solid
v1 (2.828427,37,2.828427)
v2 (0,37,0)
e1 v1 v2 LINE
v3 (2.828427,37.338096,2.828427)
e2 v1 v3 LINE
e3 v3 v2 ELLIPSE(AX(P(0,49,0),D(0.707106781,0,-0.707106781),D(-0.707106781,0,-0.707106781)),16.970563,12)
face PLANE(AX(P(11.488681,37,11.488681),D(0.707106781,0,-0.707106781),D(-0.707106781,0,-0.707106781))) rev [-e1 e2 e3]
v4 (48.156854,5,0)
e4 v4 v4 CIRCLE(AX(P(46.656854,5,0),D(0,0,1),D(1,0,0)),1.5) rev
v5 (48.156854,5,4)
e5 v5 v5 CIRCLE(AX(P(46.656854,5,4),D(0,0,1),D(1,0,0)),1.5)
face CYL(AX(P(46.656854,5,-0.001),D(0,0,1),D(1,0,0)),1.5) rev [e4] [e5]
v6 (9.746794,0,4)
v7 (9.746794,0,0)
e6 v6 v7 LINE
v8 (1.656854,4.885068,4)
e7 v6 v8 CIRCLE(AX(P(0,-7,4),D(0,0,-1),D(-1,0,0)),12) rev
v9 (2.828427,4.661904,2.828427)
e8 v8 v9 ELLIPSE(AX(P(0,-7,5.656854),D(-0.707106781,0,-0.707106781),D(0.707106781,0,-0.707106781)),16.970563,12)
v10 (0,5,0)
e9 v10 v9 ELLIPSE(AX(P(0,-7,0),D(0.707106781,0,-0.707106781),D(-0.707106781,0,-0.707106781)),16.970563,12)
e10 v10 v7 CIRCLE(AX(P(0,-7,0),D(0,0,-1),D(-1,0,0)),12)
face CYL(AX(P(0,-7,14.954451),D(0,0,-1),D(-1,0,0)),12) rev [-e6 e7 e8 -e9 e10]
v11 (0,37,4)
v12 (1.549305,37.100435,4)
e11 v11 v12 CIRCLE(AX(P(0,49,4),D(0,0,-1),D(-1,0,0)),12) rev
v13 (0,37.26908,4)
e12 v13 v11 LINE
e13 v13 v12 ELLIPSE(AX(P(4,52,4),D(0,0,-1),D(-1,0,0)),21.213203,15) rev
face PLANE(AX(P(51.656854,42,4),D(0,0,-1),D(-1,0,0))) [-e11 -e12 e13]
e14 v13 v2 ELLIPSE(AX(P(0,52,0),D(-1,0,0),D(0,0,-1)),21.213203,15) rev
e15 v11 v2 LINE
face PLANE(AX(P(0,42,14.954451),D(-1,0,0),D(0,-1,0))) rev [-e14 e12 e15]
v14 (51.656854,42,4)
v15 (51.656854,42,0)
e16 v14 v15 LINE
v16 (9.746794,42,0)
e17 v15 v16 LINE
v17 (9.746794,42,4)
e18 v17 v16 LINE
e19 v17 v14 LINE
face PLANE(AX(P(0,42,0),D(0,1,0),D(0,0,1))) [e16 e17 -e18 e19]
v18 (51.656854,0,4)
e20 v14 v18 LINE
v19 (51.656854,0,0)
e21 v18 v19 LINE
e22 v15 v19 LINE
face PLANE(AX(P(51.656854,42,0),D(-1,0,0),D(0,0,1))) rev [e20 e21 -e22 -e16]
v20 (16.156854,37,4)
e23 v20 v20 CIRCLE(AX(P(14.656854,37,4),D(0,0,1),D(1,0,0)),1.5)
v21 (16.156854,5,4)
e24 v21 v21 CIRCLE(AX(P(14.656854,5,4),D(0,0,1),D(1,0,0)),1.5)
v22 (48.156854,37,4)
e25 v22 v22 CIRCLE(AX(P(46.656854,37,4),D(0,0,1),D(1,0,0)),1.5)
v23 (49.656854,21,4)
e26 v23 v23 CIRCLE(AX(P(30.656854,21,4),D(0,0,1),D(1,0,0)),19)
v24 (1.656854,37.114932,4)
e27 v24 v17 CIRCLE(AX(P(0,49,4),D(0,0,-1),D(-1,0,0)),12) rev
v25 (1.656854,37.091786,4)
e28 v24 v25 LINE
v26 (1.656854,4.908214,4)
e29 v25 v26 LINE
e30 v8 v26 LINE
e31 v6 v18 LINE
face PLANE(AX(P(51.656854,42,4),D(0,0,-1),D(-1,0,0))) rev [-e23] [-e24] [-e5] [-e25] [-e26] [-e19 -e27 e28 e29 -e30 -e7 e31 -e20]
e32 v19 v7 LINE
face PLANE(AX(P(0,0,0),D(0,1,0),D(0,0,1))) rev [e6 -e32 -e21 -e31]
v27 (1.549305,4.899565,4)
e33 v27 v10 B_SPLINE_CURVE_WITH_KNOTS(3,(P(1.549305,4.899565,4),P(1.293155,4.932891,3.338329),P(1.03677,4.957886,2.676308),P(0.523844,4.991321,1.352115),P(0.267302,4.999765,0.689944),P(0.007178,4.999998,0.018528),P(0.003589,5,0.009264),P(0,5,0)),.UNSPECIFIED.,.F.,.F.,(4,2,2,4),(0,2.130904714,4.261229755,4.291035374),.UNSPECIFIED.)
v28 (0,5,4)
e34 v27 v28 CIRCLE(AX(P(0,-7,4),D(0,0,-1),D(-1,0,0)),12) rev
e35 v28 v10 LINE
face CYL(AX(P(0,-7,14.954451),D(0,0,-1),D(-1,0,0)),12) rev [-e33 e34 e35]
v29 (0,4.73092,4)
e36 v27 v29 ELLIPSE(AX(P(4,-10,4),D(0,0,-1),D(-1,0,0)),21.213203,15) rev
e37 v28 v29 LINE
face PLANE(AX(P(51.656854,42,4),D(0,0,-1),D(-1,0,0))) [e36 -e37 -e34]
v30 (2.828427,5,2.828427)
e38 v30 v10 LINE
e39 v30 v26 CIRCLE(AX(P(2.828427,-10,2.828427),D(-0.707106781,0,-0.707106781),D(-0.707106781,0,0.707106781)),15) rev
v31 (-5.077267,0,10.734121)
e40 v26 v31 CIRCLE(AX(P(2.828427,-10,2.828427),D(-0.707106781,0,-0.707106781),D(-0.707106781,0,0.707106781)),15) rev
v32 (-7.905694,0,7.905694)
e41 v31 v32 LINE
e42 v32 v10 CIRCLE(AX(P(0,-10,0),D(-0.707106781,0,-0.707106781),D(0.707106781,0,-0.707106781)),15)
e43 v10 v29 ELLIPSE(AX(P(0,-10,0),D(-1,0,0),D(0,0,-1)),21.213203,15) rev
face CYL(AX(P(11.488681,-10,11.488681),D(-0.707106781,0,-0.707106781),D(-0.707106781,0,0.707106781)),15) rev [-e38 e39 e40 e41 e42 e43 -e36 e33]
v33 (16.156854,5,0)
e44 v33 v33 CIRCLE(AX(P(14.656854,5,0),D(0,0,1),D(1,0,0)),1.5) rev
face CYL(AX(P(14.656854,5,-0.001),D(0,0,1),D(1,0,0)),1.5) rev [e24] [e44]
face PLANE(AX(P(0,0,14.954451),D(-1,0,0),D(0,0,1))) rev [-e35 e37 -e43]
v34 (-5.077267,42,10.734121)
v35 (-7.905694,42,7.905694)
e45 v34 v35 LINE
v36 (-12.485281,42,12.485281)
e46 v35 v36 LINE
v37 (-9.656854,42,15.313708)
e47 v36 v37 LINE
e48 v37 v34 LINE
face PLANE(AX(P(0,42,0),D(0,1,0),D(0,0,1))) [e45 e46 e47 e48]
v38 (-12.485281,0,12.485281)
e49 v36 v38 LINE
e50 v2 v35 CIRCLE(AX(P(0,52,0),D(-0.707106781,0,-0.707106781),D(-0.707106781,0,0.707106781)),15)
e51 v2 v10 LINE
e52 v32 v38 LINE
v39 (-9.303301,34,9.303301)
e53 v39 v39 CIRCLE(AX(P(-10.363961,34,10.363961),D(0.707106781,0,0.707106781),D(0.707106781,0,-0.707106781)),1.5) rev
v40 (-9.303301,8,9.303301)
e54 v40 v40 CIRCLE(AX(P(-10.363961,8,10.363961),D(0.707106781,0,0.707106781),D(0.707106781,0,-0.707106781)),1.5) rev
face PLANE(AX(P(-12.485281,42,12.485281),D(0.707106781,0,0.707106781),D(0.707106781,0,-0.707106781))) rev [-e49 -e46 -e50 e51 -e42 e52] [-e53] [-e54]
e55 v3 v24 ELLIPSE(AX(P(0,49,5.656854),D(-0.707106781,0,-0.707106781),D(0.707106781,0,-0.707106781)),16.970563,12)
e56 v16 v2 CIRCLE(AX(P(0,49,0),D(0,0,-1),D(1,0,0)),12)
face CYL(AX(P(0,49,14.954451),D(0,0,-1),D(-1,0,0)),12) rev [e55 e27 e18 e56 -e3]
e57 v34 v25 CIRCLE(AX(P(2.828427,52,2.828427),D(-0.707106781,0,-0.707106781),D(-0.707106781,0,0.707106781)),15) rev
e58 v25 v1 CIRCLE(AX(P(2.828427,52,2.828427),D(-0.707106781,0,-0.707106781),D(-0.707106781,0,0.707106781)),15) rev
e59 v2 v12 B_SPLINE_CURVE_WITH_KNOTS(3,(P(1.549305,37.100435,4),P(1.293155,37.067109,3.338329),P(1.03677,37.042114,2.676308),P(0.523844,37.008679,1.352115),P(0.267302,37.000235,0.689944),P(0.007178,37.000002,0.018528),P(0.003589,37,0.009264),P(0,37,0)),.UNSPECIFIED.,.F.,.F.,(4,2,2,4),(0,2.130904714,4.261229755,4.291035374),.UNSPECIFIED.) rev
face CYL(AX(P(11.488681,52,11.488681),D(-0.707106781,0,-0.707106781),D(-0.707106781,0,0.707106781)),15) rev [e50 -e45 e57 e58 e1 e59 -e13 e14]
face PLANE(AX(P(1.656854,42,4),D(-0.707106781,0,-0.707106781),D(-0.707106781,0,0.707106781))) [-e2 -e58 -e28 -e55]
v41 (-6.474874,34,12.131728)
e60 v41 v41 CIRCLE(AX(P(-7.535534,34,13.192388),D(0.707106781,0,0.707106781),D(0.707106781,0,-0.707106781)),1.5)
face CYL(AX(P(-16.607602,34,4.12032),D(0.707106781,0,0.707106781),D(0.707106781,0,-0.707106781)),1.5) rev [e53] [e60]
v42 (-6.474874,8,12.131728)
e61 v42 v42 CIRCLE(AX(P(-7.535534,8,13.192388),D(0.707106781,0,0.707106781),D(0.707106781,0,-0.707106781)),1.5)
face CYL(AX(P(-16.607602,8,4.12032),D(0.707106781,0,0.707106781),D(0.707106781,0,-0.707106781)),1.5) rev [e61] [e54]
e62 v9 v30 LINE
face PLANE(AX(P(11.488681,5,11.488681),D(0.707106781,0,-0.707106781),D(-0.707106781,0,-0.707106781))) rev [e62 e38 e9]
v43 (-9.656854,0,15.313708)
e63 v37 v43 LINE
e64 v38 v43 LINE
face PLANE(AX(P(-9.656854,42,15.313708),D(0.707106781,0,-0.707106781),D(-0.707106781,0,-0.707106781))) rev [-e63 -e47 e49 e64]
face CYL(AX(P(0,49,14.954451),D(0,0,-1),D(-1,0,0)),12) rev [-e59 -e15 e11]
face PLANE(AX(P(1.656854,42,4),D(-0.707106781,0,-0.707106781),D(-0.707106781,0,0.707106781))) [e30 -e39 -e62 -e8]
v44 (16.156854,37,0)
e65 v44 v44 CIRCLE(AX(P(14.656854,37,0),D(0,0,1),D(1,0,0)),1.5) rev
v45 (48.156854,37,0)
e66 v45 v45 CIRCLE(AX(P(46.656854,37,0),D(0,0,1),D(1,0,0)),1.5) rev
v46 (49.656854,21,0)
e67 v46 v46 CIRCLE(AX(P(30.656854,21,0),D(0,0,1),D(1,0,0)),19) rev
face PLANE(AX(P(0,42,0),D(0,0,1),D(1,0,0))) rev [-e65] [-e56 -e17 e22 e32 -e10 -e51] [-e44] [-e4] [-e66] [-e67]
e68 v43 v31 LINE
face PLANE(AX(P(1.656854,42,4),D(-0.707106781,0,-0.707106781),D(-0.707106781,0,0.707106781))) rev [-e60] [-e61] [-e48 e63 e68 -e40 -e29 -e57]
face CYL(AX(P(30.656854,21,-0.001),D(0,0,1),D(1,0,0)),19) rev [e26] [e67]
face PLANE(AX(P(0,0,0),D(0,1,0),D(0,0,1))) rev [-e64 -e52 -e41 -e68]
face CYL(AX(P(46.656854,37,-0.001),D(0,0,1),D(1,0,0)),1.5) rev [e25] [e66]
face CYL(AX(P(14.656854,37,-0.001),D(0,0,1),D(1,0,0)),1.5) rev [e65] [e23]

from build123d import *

# Parameters (mm, degrees)
BOSS_EXTRUDE1_DEPTH = 42
CUT_EXTRUDE1_REACH  = 14.828
SKETCH2_R           = 1.5
CUT_EXTRUDE2_REACH  = 6
SKETCH3_R           = 1.5
SKETCH3_R_2         = 19
CUT_EXTRUDE3_DEPTH  = 4
CUT_EXTRUDE4_DEPTH  = 4


with BuildPart() as part:
    # Sketch1 → Boss-Extrude1 (new body)
    with BuildSketch(Plane(origin=(0, 0, 0), x_dir=(1, 0, 0), z_dir=(0, 1, 0))):
        Polygon((0, 0), (51.656854249, 0), (51.656854249, -4), (1.656854249, -4), (-9.656854249, -15.313708499), (-12.485281374, -12.485281374), align=None)
    extrude(amount=BOSS_EXTRUDE1_DEPTH)

    # Sketch2 → Cut-Extrude1 (cut, up to next)
    with BuildSketch(Plane(origin=(2.828427125, 0, 2.828427125), x_dir=(0.707106781, 0, -0.707106781), z_dir=(0.707106781, 0, 0.707106781)), mode=Mode.PRIVATE) as cut_extrude1_sk1:
        with Locations((-14.656854249, 34)):
            Circle(SKETCH2_R)
    cut_extrude1_tool1 = extrude(cut_extrude1_sk1.sketch, amount=-CUT_EXTRUDE1_REACH, mode=Mode.PRIVATE) & part.part
    add(cut_extrude1_tool1.solids().sort_by_distance((-7.535534, 34, 13.192388))[0], mode=Mode.SUBTRACT)
    # Sketch2 → Cut-Extrude1 (cut, up to next)
    with BuildSketch(Plane(origin=(2.828427125, 0, 2.828427125), x_dir=(0.707106781, 0, -0.707106781), z_dir=(0.707106781, 0, 0.707106781)), mode=Mode.PRIVATE) as cut_extrude1_sk2:
        with Locations((-14.656854249, 8)):
            Circle(SKETCH2_R)
    cut_extrude1_tool2 = extrude(cut_extrude1_sk2.sketch, amount=-CUT_EXTRUDE1_REACH, mode=Mode.PRIVATE) & part.part
    add(cut_extrude1_tool2.solids().sort_by_distance((-7.535534, 8, 13.192388))[0], mode=Mode.SUBTRACT)

    # Sketch3 → Cut-Extrude2 (cut, up to next)
    with BuildSketch(Plane.XY.offset(4), mode=Mode.PRIVATE) as cut_extrude2_sk1:
        with Locations((14.656854249, 37)):
            Circle(SKETCH3_R)
    cut_extrude2_tool1 = extrude(cut_extrude2_sk1.sketch, amount=-CUT_EXTRUDE2_REACH, mode=Mode.PRIVATE) & part.part
    add(cut_extrude2_tool1.solids().sort_by_distance((14.656854, 37, 4))[0], mode=Mode.SUBTRACT)
    # Sketch3 → Cut-Extrude2 (cut, up to next)
    with BuildSketch(Plane.XY.offset(4), mode=Mode.PRIVATE) as cut_extrude2_sk2:
        with Locations((46.656854249, 37)):
            Circle(SKETCH3_R)
    cut_extrude2_tool2 = extrude(cut_extrude2_sk2.sketch, amount=-CUT_EXTRUDE2_REACH, mode=Mode.PRIVATE) & part.part
    add(cut_extrude2_tool2.solids().sort_by_distance((46.656854, 37, 4))[0], mode=Mode.SUBTRACT)
    # Sketch3 → Cut-Extrude2 (cut, up to next)
    with BuildSketch(Plane.XY.offset(4), mode=Mode.PRIVATE) as cut_extrude2_sk3:
        with Locations((46.656854249, 5)):
            Circle(SKETCH3_R)
    cut_extrude2_tool3 = extrude(cut_extrude2_sk3.sketch, amount=-CUT_EXTRUDE2_REACH, mode=Mode.PRIVATE) & part.part
    add(cut_extrude2_tool3.solids().sort_by_distance((46.656854, 5, 4))[0], mode=Mode.SUBTRACT)
    # Sketch3 → Cut-Extrude2 (cut, up to next)
    with BuildSketch(Plane.XY.offset(4), mode=Mode.PRIVATE) as cut_extrude2_sk4:
        with Locations((14.656854249, 5)):
            Circle(SKETCH3_R)
    cut_extrude2_tool4 = extrude(cut_extrude2_sk4.sketch, amount=-CUT_EXTRUDE2_REACH, mode=Mode.PRIVATE) & part.part
    add(cut_extrude2_tool4.solids().sort_by_distance((14.656854, 5, 4))[0], mode=Mode.SUBTRACT)
    # Sketch3 → Cut-Extrude2 (cut, up to next)
    with BuildSketch(Plane.XY.offset(4), mode=Mode.PRIVATE) as cut_extrude2_sk5:
        with Locations((30.656854249, 21)):
            Circle(SKETCH3_R_2)
    cut_extrude2_tool5 = extrude(cut_extrude2_sk5.sketch, amount=-CUT_EXTRUDE2_REACH, mode=Mode.PRIVATE) & part.part
    add(cut_extrude2_tool5.solids().sort_by_distance((30.656854, 21, 4))[0], mode=Mode.SUBTRACT)

    # Sketch6 → Cut-Extrude3 (cut)
    with BuildSketch(Plane(origin=(0, 0, 0), x_dir=(-0.707106781, 0, 0.707106781), z_dir=(-0.707106781, 0, -0.707106781))):
        with BuildLine():
            Line((0, 5), (0, 0))
            Line((0, 0), (11.180339887, 0))
            ThreePointArc((11.180339887, 0), (6.123724357, 3.693063938), (0, 5))
        make_face()
        with BuildLine():
            Line((0, 37), (0, 42))
            Line((0, 42), (11.180339887, 42))
            ThreePointArc((11.180339887, 42), (6.123724357, 38.306936062), (0, 37))
        make_face()
    extrude(amount=-CUT_EXTRUDE3_DEPTH, mode=Mode.SUBTRACT)

    # Sketch7 → Cut-Extrude4 (cut)
    with BuildSketch(Plane(origin=(0, 0, 0), x_dir=(-1, 0, 0), z_dir=(0, 0, -1))):
        with BuildLine():
            Line((-9.746794345, 42), (0, 42))
            Line((0, 42), (0, 37))
            ThreePointArc((0, 37), (-5.477225575, 38.322921748), (-9.746794345, 42))
        make_face()
        with BuildLine():
            Line((-9.746794345, 0), (0, 0))
            Line((0, 0), (0, 5))
            ThreePointArc((0, 5), (-5.477225575, 3.677078252), (-9.746794345, 0))
        make_face()
    extrude(amount=-CUT_EXTRUDE4_DEPTH, mode=Mode.SUBTRACT)


solid = part.part
